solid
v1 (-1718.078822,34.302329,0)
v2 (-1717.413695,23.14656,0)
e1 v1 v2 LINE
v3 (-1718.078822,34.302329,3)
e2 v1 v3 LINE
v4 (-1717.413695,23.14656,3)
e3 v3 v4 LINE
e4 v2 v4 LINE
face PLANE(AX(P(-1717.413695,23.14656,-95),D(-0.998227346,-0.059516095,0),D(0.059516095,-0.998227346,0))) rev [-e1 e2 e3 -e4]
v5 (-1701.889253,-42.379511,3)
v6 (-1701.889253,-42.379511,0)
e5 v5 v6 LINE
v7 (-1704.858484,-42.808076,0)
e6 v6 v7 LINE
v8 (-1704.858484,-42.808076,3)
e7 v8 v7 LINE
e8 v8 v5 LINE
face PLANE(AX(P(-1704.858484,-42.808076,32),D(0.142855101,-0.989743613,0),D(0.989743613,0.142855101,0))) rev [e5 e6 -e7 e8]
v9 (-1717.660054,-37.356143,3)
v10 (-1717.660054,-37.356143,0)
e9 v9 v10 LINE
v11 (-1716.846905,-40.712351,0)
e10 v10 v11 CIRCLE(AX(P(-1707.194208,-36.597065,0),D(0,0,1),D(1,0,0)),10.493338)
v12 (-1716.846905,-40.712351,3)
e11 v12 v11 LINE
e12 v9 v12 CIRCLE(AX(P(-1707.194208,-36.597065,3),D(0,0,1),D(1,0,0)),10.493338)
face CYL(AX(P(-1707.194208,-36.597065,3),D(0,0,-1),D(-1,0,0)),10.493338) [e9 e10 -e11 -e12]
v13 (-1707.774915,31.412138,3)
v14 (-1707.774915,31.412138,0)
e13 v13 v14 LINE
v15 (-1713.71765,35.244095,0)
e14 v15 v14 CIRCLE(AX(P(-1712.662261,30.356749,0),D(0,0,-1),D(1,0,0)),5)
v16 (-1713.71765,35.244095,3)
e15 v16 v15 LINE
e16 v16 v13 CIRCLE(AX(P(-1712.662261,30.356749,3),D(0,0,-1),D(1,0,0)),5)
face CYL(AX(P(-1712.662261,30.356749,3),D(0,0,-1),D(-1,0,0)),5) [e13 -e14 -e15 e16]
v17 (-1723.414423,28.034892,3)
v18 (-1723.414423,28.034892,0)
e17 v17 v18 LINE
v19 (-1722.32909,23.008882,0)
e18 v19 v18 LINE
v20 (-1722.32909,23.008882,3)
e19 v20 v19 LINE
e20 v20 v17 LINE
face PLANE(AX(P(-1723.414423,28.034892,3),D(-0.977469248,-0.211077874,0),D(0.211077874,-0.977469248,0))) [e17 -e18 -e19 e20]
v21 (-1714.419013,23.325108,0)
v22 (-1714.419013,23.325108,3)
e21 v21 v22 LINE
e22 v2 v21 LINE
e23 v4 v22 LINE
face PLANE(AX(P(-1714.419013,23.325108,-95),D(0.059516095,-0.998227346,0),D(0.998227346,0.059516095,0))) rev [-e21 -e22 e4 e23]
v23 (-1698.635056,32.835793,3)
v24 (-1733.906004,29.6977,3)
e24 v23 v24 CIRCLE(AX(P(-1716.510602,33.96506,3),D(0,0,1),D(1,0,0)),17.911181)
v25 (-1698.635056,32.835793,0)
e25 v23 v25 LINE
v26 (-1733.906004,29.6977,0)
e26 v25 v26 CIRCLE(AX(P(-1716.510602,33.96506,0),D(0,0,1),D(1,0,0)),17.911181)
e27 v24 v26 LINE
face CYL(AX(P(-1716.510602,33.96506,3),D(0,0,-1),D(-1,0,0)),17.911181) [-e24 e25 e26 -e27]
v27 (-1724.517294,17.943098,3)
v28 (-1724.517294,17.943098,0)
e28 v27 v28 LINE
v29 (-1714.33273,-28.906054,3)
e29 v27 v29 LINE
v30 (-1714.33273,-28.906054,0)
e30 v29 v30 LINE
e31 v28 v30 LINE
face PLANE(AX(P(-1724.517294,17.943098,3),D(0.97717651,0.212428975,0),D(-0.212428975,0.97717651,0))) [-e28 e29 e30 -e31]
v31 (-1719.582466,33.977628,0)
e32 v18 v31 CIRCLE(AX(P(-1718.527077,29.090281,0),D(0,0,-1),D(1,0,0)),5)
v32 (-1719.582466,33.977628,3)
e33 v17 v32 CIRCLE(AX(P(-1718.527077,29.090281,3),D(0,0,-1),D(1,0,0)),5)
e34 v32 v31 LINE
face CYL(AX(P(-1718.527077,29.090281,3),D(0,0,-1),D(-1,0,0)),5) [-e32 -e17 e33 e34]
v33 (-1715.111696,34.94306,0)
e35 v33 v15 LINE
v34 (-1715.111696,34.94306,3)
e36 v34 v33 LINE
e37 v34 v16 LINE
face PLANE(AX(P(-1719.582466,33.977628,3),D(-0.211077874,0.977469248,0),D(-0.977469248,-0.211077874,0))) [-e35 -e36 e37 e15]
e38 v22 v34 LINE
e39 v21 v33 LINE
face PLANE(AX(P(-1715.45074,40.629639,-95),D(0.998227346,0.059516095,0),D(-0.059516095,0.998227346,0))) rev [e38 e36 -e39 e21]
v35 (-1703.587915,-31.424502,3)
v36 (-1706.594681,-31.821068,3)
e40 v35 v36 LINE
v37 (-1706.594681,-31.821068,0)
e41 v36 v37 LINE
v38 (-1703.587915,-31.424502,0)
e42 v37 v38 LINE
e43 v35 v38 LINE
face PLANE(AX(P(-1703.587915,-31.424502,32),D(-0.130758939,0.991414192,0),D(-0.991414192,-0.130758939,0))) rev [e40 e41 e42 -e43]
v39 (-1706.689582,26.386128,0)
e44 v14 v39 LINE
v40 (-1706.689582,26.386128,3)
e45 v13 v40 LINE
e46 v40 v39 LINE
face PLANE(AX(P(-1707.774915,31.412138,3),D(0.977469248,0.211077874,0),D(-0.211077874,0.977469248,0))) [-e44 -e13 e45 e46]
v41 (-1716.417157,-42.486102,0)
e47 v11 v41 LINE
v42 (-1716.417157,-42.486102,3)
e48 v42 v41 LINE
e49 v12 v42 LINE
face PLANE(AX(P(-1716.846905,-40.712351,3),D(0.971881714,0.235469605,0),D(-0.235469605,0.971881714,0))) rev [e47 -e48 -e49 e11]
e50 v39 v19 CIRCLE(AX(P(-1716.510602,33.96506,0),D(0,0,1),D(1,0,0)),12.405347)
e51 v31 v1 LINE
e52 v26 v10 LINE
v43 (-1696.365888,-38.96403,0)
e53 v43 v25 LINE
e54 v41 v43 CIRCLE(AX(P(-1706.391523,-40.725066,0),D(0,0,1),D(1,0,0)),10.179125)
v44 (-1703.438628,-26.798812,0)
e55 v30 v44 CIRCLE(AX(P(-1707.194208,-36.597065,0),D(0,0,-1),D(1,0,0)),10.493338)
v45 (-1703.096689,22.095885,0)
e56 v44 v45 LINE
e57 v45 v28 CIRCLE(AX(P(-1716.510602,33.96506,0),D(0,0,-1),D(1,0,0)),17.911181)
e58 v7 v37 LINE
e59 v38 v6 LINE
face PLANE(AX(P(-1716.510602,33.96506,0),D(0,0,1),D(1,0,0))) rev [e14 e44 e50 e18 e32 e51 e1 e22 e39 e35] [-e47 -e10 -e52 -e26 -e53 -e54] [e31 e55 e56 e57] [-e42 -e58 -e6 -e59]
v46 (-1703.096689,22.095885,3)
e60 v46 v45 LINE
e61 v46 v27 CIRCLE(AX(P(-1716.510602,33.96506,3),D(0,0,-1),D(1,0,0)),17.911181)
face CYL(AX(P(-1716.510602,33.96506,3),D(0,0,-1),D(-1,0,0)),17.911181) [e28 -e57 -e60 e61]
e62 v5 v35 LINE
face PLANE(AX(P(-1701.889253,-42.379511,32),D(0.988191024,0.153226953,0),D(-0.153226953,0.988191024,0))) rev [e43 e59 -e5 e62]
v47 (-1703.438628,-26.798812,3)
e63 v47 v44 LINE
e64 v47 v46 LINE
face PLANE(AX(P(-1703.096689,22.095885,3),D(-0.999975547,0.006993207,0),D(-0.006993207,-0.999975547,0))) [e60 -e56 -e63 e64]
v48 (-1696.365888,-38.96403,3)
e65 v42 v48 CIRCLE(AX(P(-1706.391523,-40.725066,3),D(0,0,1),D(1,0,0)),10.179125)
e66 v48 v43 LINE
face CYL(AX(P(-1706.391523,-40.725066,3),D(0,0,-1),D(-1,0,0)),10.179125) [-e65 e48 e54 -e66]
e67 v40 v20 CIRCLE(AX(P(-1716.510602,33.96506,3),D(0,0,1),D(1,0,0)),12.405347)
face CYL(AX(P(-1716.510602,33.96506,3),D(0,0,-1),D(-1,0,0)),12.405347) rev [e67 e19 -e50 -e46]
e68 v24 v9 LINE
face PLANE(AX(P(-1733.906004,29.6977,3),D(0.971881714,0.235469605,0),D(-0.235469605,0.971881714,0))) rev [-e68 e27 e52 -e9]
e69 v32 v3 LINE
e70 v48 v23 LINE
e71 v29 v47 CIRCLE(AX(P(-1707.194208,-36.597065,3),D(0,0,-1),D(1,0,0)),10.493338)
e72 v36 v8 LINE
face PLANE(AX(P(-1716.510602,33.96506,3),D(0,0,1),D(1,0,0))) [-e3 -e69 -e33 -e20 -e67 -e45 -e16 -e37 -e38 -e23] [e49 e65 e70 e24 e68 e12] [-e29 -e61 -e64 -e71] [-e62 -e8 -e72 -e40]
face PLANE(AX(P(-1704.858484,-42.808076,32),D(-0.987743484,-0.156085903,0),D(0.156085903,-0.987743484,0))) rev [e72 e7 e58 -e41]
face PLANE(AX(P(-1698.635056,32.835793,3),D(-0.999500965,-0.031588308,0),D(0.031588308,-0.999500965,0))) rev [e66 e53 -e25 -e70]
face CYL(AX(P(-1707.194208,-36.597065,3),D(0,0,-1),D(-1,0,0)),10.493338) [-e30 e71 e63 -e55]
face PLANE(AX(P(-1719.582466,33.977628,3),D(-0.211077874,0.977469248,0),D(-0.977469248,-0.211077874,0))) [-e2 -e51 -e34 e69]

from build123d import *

# Parameters (mm, degrees)
BASE_EXTRUDE_DEPTH = 3
CUT_EXTRUDE2_DEPTH = 98
CUT_EXTRUDE6_DEPTH = 32


with BuildPart() as part:
    # Sketch1 → Base-Extrude (new body)
    with BuildSketch(Plane.XY):
        with BuildLine():
            Line((-1733.906004377, 29.697699618), (-1717.660054383, -37.356142617))
            ThreePointArc((-1717.660054383, -37.356142617), (-1717.392491193, -39.067926894), (-1716.846904921, -40.712351137))
            Line((-1716.846904921, -40.712351137), (-1716.417156793, -42.486101711))
            ThreePointArc((-1716.417156793, -42.486101711), (-1704.630486547, -50.750700002), (-1696.365888256, -38.964029756))
            Line((-1696.365888256, -38.964029756), (-1698.635055574, 32.835792941))
            ThreePointArc((-1698.635055574, 32.835792941), (-1718.097908318, 51.805768332), (-1733.906004377, 29.697699618))
        make_face()
        with BuildLine():
            Line((-1703.09668856, 22.095884858), (-1703.438627674, -26.79881214))
            ThreePointArc((-1703.438627674, -26.79881214), (-1709.186992556, -26.294688909), (-1714.332729754, -28.906054021))
            Line((-1714.332729754, -28.906054021), (-1724.517294461, 17.943098305))
            ThreePointArc((-1724.517294461, 17.943098305), (-1713.101655099, 16.381275869), (-1703.09668856, 22.095884858))
        make_face(mode=Mode.SUBTRACT)
        with BuildLine():
            Line((-1719.582465885, 33.977627673), (-1713.717650395, 35.244094915))
            ThreePointArc((-1713.717650395, 35.244094915), (-1709.952658337, 34.558897322), (-1707.774914786, 31.412138042))
            Line((-1707.774914786, 31.412138042), (-1706.689581956, 26.386128223))
            ThreePointArc((-1706.689581956, 26.386128223), (-1719.129096181, 46.090906116), (-1722.329089928, 23.008882245))
            Line((-1722.329089928, 23.008882245), (-1723.414422758, 28.034892064))
            ThreePointArc((-1723.414422758, 28.034892064), (-1722.729225165, 31.799884122), (-1719.582465885, 33.977627673))
        make_face(mode=Mode.SUBTRACT)
    extrude(amount=BASE_EXTRUDE_DEPTH)

    # Sketch2 → Cut-Extrude2 (cut)
    with BuildSketch(Plane.XY.offset(3)):
        Polygon((-1715.450740146, 40.629639019), (-1714.419013149, 23.325108151), (-1717.413695187, 23.146559866), (-1718.008856137, 33.128833327), (-1718.445422184, 40.451090735), align=None)
    extrude(amount=-CUT_EXTRUDE2_DEPTH, mode=Mode.SUBTRACT)

    # Sketch4 → Cut-Extrude6 (cut)
    with BuildSketch(Plane(origin=(0, 0, 0), x_dir=(-1, 0, 0), z_dir=(0, 0, -1))):
        Polygon((1704.858484276, -42.808076116), (1706.594681007, -31.821068487), (1703.587915488, -31.424502176), (1701.889253436, -42.379510814), align=None)
    extrude(amount=-CUT_EXTRUDE6_DEPTH, mode=Mode.SUBTRACT)


solid = part.part
